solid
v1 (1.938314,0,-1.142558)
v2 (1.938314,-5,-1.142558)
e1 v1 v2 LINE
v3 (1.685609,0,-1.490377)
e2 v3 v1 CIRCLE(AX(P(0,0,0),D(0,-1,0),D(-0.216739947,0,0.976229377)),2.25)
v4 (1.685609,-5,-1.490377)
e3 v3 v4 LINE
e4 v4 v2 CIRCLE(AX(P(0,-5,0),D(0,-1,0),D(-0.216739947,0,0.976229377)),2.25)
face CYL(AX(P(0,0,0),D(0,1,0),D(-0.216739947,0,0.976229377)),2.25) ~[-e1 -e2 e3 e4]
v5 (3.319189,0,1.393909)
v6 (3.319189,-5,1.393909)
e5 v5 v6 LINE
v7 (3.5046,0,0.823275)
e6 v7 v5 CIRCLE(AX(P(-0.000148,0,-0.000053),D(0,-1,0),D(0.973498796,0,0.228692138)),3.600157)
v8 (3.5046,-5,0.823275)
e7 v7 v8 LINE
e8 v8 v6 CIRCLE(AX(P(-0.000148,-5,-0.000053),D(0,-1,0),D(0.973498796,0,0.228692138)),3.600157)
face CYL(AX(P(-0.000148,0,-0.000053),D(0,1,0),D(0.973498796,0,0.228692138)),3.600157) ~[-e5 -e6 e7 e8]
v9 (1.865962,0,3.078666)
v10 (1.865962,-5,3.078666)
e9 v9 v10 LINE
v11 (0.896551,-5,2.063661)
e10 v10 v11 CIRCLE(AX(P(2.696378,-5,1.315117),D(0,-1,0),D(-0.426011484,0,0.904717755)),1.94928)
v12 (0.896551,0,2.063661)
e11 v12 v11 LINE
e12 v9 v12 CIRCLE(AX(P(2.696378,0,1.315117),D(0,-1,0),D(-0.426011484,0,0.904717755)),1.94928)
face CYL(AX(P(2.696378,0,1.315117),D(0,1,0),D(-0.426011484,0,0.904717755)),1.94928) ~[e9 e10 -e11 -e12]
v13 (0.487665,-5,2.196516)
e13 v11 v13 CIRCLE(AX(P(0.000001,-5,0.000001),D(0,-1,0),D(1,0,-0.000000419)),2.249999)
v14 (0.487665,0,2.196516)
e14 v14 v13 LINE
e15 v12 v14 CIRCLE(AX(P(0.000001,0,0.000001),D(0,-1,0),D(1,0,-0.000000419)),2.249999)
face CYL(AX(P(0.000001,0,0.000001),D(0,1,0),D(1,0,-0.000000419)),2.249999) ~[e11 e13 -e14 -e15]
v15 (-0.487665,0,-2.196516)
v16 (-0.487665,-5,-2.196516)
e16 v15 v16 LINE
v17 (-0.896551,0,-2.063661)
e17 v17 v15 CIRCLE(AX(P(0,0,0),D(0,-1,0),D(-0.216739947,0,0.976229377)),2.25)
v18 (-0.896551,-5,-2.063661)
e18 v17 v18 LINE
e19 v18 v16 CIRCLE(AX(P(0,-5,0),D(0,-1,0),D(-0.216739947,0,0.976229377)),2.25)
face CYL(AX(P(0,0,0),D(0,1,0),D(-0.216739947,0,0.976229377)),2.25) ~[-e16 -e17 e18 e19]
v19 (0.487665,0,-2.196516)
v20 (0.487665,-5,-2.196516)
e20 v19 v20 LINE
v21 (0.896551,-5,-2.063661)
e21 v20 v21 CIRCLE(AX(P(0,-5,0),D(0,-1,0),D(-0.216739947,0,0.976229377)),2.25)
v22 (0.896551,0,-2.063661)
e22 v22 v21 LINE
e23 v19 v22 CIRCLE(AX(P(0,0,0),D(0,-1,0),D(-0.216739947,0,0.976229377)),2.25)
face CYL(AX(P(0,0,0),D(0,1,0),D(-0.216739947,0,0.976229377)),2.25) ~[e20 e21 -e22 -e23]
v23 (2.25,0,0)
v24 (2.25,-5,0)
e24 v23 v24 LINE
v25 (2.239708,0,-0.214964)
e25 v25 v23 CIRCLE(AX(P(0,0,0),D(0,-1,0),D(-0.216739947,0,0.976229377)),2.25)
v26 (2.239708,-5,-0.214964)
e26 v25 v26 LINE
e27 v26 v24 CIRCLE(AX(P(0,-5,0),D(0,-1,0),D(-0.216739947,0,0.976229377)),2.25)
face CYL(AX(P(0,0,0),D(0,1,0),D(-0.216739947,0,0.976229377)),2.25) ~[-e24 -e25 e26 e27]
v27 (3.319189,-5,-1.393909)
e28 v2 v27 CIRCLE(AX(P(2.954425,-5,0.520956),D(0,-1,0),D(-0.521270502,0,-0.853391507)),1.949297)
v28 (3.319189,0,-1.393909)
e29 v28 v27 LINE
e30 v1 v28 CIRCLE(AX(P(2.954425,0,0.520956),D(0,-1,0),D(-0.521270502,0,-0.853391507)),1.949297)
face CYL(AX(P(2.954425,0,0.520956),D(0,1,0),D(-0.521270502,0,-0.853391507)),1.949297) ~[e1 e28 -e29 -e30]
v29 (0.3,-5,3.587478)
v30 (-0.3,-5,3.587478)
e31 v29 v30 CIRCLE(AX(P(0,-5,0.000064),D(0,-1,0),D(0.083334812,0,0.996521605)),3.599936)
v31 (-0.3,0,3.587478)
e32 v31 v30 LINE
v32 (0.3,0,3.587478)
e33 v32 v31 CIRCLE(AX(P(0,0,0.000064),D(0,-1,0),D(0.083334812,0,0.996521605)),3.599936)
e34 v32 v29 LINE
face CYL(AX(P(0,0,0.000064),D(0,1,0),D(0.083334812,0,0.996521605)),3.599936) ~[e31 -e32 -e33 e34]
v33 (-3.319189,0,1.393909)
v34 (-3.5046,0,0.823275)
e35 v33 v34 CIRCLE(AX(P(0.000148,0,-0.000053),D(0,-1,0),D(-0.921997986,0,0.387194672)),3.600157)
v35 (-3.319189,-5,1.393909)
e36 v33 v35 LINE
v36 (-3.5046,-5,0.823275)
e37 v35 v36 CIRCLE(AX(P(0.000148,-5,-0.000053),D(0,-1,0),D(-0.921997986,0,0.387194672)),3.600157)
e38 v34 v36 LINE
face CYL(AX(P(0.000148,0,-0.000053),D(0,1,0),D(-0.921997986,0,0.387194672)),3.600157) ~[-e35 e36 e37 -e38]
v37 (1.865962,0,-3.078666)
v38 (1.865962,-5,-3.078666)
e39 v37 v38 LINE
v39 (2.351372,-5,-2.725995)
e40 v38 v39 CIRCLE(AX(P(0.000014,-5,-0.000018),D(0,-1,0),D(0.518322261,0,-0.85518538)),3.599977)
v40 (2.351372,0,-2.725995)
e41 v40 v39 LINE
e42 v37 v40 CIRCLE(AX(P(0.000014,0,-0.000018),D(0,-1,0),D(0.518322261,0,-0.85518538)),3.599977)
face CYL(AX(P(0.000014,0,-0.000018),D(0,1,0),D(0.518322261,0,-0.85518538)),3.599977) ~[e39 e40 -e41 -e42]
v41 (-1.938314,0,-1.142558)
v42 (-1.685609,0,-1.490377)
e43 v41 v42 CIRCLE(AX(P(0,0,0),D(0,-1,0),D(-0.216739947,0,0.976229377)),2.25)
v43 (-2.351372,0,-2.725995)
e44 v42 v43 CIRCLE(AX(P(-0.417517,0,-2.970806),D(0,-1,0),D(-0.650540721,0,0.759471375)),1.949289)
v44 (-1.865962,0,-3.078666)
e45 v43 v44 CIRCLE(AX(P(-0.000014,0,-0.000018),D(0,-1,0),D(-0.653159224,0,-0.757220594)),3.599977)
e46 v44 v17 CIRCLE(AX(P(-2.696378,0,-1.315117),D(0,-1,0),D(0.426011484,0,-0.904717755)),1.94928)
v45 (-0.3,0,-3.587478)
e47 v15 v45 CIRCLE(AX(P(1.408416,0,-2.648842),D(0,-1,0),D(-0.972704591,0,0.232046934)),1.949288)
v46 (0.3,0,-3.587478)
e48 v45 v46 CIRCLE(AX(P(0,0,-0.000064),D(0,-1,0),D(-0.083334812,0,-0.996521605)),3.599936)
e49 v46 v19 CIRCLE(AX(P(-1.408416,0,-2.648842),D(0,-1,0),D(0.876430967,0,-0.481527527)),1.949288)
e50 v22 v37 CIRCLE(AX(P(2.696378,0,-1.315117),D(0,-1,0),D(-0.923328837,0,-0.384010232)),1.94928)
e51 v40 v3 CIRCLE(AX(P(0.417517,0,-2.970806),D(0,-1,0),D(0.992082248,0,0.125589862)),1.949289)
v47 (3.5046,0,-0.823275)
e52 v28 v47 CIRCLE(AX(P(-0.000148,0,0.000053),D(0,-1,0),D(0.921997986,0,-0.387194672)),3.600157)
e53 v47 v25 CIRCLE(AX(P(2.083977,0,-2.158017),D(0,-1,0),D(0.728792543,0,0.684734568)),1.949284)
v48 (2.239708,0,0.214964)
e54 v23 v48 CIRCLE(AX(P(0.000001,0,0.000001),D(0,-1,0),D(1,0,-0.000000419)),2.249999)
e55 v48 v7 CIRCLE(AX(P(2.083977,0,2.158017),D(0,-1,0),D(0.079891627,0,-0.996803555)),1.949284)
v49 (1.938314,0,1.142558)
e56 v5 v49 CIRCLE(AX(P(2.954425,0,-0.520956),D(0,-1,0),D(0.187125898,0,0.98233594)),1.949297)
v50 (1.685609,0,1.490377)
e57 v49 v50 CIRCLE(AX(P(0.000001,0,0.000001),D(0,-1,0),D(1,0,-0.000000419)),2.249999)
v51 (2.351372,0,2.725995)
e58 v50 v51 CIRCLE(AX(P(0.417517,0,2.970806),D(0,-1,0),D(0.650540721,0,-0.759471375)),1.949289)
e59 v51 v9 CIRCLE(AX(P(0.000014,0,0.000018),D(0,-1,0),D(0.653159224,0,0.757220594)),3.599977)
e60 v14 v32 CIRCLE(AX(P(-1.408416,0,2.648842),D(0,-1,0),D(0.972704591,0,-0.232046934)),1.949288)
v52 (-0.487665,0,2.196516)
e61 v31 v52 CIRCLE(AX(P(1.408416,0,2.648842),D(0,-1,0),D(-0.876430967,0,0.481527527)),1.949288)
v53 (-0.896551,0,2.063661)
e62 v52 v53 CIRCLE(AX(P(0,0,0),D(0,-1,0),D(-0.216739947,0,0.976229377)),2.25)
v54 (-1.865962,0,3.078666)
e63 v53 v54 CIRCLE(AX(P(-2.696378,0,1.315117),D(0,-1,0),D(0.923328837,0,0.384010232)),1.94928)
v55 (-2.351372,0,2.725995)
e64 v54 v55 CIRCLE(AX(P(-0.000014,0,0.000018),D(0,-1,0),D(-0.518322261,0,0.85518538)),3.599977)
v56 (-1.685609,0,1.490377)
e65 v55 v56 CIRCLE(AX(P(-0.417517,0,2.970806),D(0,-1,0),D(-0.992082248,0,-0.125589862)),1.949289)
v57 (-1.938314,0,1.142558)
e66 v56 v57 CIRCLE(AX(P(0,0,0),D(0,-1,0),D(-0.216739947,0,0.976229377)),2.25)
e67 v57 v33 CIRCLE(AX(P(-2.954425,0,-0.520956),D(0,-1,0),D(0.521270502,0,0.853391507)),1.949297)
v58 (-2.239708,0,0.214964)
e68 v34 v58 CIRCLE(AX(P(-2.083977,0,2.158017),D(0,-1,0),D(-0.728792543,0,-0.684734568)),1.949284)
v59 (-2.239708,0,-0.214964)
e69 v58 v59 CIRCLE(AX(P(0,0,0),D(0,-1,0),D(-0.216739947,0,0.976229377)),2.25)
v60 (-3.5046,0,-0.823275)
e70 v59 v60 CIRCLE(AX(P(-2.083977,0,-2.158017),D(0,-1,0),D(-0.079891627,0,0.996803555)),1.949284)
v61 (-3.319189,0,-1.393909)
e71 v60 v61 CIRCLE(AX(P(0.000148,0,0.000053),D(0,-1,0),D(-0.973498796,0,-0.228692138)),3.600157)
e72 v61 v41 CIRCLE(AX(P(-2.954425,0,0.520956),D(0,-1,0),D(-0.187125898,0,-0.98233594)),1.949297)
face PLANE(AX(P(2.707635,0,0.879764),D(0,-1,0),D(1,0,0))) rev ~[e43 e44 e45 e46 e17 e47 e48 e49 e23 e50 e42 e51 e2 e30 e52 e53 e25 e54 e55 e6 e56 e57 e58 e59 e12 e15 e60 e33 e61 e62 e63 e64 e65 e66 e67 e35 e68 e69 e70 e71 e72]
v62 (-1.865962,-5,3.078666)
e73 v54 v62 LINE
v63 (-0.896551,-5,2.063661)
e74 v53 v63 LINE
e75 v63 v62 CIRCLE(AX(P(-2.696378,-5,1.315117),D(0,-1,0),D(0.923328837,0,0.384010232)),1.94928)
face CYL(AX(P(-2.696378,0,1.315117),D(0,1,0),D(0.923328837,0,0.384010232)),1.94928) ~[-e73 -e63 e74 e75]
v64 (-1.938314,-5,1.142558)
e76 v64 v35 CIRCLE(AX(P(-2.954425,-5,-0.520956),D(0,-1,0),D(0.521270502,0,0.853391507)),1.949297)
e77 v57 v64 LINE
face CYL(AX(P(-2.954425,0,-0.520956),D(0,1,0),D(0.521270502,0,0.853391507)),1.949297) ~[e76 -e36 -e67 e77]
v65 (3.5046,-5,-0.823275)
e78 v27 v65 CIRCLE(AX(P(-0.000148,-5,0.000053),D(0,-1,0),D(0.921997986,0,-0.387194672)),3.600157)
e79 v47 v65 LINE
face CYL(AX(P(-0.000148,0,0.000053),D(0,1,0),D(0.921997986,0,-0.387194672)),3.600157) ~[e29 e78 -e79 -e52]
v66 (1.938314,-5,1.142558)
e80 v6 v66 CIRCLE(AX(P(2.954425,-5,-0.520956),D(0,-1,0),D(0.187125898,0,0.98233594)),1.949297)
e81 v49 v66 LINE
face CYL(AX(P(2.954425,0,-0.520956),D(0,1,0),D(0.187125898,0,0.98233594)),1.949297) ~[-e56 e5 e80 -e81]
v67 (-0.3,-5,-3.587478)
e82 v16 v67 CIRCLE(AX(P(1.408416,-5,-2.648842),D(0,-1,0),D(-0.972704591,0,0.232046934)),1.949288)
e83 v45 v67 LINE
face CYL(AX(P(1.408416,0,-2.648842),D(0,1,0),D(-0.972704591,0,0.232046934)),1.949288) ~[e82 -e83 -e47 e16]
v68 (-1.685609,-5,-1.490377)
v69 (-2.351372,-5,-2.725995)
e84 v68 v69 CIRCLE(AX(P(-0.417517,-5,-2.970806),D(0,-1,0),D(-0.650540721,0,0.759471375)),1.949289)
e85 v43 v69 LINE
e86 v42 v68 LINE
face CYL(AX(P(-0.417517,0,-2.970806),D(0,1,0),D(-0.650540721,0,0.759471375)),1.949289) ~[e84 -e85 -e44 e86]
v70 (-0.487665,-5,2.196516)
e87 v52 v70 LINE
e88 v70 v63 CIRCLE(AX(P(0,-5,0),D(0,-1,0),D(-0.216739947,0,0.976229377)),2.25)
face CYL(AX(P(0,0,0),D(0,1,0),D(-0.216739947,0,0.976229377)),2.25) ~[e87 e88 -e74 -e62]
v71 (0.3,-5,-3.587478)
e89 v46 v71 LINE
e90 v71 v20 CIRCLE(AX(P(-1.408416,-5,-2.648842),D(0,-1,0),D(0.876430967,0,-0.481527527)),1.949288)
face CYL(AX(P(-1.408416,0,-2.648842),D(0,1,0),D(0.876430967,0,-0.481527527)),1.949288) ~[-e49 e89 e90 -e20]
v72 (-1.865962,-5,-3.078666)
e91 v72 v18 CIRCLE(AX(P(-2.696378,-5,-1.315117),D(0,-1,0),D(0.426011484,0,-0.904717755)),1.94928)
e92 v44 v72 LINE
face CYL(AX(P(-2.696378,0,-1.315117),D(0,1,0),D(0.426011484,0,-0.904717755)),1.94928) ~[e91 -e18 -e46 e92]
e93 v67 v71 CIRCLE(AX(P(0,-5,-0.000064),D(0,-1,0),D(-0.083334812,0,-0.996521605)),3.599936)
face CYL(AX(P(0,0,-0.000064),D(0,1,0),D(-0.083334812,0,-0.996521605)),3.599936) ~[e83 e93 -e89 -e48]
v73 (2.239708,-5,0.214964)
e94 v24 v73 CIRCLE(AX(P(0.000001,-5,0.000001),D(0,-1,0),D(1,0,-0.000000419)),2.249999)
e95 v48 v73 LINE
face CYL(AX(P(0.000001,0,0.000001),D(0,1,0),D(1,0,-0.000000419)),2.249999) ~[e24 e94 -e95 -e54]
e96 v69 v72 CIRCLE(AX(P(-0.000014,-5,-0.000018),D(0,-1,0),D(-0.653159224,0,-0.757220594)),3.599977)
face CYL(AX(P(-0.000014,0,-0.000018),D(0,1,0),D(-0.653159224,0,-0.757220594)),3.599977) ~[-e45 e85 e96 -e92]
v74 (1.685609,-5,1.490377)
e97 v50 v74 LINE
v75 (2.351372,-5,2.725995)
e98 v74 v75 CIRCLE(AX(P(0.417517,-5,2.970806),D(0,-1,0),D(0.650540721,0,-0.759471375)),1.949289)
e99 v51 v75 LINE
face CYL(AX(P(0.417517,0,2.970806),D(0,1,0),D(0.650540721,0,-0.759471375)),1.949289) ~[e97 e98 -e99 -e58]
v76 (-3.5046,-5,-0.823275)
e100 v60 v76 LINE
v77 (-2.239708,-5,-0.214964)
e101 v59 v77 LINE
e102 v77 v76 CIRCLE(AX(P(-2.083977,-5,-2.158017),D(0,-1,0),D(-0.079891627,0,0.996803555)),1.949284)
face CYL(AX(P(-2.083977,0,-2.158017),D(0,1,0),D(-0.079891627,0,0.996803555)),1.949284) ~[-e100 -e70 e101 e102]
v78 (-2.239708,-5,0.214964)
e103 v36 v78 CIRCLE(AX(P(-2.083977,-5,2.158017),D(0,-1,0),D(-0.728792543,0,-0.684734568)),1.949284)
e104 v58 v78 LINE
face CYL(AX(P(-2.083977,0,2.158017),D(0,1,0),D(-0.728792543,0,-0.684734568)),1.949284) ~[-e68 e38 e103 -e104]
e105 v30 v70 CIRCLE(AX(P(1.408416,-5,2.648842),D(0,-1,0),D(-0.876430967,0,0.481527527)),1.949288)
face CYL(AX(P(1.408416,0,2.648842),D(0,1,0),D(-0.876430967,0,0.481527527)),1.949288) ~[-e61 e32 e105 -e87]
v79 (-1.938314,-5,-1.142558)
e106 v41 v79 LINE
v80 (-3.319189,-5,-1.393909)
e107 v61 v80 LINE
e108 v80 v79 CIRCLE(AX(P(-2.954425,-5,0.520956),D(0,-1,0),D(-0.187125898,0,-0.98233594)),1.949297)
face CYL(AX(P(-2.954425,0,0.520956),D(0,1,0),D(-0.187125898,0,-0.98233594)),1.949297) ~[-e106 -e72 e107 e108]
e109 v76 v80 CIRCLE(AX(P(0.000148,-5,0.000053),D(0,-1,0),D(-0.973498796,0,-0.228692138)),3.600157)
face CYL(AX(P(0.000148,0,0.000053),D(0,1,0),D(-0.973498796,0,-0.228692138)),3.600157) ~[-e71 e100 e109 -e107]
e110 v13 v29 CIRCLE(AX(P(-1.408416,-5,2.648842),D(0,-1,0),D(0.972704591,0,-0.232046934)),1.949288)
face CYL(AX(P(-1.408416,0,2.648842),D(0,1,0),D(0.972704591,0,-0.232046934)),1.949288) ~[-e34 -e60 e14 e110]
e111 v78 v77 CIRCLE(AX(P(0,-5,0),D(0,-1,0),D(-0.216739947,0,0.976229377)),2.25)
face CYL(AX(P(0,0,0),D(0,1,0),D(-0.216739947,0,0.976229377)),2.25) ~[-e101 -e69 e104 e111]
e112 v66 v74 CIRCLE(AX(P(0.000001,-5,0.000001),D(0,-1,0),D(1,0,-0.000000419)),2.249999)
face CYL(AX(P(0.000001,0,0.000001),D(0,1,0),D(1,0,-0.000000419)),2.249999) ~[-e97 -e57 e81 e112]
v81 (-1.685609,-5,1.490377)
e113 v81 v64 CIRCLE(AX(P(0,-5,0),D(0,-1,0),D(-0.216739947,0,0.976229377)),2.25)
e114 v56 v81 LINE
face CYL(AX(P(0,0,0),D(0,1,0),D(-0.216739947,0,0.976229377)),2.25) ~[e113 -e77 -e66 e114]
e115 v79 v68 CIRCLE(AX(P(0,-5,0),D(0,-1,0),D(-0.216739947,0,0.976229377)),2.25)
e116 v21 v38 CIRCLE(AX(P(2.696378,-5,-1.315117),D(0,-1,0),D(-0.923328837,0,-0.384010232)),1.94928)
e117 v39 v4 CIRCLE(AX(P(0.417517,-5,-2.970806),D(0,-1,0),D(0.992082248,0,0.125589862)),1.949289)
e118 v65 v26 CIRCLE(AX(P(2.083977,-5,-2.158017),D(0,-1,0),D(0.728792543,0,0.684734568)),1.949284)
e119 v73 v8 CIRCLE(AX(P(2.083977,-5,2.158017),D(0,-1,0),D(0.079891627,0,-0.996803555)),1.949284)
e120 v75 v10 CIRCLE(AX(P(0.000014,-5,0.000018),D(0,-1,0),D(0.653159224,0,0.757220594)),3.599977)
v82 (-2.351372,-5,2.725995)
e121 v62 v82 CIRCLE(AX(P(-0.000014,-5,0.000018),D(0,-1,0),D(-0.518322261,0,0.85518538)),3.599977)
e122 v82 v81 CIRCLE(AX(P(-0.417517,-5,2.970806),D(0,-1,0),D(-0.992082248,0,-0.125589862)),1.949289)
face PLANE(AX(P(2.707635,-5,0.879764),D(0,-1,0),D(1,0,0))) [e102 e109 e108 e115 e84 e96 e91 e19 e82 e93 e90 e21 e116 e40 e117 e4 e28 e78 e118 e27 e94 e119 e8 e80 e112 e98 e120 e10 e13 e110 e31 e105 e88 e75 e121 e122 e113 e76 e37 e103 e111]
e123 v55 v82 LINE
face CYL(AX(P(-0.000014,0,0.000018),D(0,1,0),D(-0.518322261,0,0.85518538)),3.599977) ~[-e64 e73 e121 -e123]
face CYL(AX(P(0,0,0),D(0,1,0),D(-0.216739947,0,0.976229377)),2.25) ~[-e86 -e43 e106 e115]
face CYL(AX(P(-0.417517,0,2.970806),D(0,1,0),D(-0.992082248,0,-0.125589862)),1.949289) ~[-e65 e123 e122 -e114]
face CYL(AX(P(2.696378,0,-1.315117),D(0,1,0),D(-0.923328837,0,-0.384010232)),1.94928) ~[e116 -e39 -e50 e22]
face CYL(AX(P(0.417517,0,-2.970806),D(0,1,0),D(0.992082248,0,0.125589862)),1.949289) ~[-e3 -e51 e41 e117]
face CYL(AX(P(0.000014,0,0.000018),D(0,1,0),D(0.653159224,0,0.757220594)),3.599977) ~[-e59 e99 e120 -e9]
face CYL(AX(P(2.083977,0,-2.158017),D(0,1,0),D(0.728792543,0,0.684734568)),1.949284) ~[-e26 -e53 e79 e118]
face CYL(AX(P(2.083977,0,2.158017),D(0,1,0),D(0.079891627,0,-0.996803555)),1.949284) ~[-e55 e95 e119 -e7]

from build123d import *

# Parameters (mm, degrees)
F1_DEPTH = 5
F3_DEPTH = 5


with BuildPart() as f1:
    # F0 (on Front) → F1 (new body)
    with BuildSketch(Plane.XZ):
        with BuildLine():
            ThreePointArc((-0.487665, 2.196516), (-1.408058, -1.754957), (2.25, 0))
            ThreePointArc((2.25, 0), (1.754957, 1.408058), (0.487665, 2.196516))
            ThreePointArc((0.487665, 2.196516), (0, 2.25), (-0.487665, 2.196516))
        make_face()
    extrude(amount=F1_DEPTH)

    # F2 (on Front) + F0 (on Front) → F3 (join)
    with BuildSketch(Plane.XZ):
        with BuildLine():
            ThreePointArc((-1.685609, 1.490377), (-1.322517, 1.820288), (-0.896551, 2.063661))
            ThreePointArc((-0.896551, 2.063661), (-1.286731, 2.661442), (-1.865962, 3.078666))
            ThreePointArc((-1.865962, 3.078666), (-2.116027, 2.912461), (-2.351372, 2.725995))
            ThreePointArc((-2.351372, 2.725995), (-2.13356, 2.046185), (-1.685609, 1.490377))
        make_face()
        with BuildLine():
            ThreePointArc((0.896551, 2.063661), (1.322517, 1.820288), (1.685609, 1.490377))
            ThreePointArc((1.685609, 1.490377), (2.13356, 2.046185), (2.351372, 2.725995))
            ThreePointArc((2.351372, 2.725995), (2.116027, 2.912461), (1.865962, 3.078666))
            ThreePointArc((1.865962, 3.078666), (1.286731, 2.661442), (0.896551, 2.063661))
        make_face()
        with BuildLine():
            ThreePointArc((1.938314, 1.142558), (2.139877, 0.695288), (2.239708, 0.214964))
            ThreePointArc((2.239708, 0.214964), (2.928804, 0.401323), (3.5046, 0.823275))
            ThreePointArc((3.5046, 0.823275), (3.423803, 1.112461), (3.319189, 1.393909))
            ThreePointArc((3.319189, 1.393909), (2.605344, 1.39683), (1.938314, 1.142558))
        make_face()
        with BuildLine():
            ThreePointArc((3.5046, -0.823275), (2.928804, -0.401323), (2.239708, -0.214964))
            ThreePointArc((2.239708, -0.214964), (2.139877, -0.695288), (1.938314, -1.142558))
            ThreePointArc((1.938314, -1.142558), (2.605344, -1.39683), (3.319189, -1.393909))
            ThreePointArc((3.319189, -1.393909), (3.423803, -1.112461), (3.5046, -0.823275))
        make_face()
        with BuildLine():
            ThreePointArc((2.351372, -2.725995), (2.13356, -2.046185), (1.685609, -1.490377))
            ThreePointArc((1.685609, -1.490377), (1.322517, -1.820288), (0.896551, -2.063661))
            ThreePointArc((0.896551, -2.063661), (1.286731, -2.661442), (1.865962, -3.078666))
            ThreePointArc((1.865962, -3.078666), (2.116027, -2.912461), (2.351372, -2.725995))
        make_face()
        with BuildLine():
            ThreePointArc((0.3, -3.587478), (0.523369, -2.909474), (0.487665, -2.196516))
            ThreePointArc((0.487665, -2.196516), (0, -2.25), (-0.487665, -2.196516))
            ThreePointArc((-0.487665, -2.196516), (-0.523369, -2.909474), (-0.3, -3.587478))
            ThreePointArc((-0.3, -3.587478), (0, -3.6), (0.3, -3.587478))
        make_face()
        with BuildLine():
            ThreePointArc((-2.239708, 0.214964), (-2.139877, 0.695288), (-1.938314, 1.142558))
            ThreePointArc((-1.938314, 1.142558), (-2.605344, 1.39683), (-3.319189, 1.393909))
            ThreePointArc((-3.319189, 1.393909), (-3.423803, 1.112461), (-3.5046, 0.823275))
            ThreePointArc((-3.5046, 0.823275), (-2.928804, 0.401323), (-2.239708, 0.214964))
        make_face()
        with BuildLine():
            ThreePointArc((-1.865962, -3.078666), (-1.286731, -2.661442), (-0.896551, -2.063661))
            ThreePointArc((-0.896551, -2.063661), (-1.322517, -1.820288), (-1.685609, -1.490377))
            ThreePointArc((-1.685609, -1.490377), (-2.13356, -2.046185), (-2.351372, -2.725995))
            ThreePointArc((-2.351372, -2.725995), (-2.116027, -2.912461), (-1.865962, -3.078666))
        make_face()
        with BuildLine():
            ThreePointArc((-3.319189, -1.393909), (-2.605344, -1.39683), (-1.938314, -1.142558))
            ThreePointArc((-1.938314, -1.142558), (-2.139877, -0.695288), (-2.239708, -0.214964))
            ThreePointArc((-2.239708, -0.214964), (-2.928804, -0.401323), (-3.5046, -0.823275))
            ThreePointArc((-3.5046, -0.823275), (-3.423803, -1.112461), (-3.319189, -1.393909))
        make_face()
    with BuildSketch(Plane.XZ):
        with BuildLine():
            ThreePointArc((-0.487665, 2.196516), (0, 2.25), (0.487665, 2.196516))
            ThreePointArc((0.487665, 2.196516), (0.523369, 2.909474), (0.3, 3.587478))
            ThreePointArc((0.3, 3.587478), (0, 3.6), (-0.3, 3.587478))
            ThreePointArc((-0.3, 3.587478), (-0.523369, 2.909474), (-0.487665, 2.196516))
        make_face()
    extrude(amount=F3_DEPTH)


solid = f1.part
